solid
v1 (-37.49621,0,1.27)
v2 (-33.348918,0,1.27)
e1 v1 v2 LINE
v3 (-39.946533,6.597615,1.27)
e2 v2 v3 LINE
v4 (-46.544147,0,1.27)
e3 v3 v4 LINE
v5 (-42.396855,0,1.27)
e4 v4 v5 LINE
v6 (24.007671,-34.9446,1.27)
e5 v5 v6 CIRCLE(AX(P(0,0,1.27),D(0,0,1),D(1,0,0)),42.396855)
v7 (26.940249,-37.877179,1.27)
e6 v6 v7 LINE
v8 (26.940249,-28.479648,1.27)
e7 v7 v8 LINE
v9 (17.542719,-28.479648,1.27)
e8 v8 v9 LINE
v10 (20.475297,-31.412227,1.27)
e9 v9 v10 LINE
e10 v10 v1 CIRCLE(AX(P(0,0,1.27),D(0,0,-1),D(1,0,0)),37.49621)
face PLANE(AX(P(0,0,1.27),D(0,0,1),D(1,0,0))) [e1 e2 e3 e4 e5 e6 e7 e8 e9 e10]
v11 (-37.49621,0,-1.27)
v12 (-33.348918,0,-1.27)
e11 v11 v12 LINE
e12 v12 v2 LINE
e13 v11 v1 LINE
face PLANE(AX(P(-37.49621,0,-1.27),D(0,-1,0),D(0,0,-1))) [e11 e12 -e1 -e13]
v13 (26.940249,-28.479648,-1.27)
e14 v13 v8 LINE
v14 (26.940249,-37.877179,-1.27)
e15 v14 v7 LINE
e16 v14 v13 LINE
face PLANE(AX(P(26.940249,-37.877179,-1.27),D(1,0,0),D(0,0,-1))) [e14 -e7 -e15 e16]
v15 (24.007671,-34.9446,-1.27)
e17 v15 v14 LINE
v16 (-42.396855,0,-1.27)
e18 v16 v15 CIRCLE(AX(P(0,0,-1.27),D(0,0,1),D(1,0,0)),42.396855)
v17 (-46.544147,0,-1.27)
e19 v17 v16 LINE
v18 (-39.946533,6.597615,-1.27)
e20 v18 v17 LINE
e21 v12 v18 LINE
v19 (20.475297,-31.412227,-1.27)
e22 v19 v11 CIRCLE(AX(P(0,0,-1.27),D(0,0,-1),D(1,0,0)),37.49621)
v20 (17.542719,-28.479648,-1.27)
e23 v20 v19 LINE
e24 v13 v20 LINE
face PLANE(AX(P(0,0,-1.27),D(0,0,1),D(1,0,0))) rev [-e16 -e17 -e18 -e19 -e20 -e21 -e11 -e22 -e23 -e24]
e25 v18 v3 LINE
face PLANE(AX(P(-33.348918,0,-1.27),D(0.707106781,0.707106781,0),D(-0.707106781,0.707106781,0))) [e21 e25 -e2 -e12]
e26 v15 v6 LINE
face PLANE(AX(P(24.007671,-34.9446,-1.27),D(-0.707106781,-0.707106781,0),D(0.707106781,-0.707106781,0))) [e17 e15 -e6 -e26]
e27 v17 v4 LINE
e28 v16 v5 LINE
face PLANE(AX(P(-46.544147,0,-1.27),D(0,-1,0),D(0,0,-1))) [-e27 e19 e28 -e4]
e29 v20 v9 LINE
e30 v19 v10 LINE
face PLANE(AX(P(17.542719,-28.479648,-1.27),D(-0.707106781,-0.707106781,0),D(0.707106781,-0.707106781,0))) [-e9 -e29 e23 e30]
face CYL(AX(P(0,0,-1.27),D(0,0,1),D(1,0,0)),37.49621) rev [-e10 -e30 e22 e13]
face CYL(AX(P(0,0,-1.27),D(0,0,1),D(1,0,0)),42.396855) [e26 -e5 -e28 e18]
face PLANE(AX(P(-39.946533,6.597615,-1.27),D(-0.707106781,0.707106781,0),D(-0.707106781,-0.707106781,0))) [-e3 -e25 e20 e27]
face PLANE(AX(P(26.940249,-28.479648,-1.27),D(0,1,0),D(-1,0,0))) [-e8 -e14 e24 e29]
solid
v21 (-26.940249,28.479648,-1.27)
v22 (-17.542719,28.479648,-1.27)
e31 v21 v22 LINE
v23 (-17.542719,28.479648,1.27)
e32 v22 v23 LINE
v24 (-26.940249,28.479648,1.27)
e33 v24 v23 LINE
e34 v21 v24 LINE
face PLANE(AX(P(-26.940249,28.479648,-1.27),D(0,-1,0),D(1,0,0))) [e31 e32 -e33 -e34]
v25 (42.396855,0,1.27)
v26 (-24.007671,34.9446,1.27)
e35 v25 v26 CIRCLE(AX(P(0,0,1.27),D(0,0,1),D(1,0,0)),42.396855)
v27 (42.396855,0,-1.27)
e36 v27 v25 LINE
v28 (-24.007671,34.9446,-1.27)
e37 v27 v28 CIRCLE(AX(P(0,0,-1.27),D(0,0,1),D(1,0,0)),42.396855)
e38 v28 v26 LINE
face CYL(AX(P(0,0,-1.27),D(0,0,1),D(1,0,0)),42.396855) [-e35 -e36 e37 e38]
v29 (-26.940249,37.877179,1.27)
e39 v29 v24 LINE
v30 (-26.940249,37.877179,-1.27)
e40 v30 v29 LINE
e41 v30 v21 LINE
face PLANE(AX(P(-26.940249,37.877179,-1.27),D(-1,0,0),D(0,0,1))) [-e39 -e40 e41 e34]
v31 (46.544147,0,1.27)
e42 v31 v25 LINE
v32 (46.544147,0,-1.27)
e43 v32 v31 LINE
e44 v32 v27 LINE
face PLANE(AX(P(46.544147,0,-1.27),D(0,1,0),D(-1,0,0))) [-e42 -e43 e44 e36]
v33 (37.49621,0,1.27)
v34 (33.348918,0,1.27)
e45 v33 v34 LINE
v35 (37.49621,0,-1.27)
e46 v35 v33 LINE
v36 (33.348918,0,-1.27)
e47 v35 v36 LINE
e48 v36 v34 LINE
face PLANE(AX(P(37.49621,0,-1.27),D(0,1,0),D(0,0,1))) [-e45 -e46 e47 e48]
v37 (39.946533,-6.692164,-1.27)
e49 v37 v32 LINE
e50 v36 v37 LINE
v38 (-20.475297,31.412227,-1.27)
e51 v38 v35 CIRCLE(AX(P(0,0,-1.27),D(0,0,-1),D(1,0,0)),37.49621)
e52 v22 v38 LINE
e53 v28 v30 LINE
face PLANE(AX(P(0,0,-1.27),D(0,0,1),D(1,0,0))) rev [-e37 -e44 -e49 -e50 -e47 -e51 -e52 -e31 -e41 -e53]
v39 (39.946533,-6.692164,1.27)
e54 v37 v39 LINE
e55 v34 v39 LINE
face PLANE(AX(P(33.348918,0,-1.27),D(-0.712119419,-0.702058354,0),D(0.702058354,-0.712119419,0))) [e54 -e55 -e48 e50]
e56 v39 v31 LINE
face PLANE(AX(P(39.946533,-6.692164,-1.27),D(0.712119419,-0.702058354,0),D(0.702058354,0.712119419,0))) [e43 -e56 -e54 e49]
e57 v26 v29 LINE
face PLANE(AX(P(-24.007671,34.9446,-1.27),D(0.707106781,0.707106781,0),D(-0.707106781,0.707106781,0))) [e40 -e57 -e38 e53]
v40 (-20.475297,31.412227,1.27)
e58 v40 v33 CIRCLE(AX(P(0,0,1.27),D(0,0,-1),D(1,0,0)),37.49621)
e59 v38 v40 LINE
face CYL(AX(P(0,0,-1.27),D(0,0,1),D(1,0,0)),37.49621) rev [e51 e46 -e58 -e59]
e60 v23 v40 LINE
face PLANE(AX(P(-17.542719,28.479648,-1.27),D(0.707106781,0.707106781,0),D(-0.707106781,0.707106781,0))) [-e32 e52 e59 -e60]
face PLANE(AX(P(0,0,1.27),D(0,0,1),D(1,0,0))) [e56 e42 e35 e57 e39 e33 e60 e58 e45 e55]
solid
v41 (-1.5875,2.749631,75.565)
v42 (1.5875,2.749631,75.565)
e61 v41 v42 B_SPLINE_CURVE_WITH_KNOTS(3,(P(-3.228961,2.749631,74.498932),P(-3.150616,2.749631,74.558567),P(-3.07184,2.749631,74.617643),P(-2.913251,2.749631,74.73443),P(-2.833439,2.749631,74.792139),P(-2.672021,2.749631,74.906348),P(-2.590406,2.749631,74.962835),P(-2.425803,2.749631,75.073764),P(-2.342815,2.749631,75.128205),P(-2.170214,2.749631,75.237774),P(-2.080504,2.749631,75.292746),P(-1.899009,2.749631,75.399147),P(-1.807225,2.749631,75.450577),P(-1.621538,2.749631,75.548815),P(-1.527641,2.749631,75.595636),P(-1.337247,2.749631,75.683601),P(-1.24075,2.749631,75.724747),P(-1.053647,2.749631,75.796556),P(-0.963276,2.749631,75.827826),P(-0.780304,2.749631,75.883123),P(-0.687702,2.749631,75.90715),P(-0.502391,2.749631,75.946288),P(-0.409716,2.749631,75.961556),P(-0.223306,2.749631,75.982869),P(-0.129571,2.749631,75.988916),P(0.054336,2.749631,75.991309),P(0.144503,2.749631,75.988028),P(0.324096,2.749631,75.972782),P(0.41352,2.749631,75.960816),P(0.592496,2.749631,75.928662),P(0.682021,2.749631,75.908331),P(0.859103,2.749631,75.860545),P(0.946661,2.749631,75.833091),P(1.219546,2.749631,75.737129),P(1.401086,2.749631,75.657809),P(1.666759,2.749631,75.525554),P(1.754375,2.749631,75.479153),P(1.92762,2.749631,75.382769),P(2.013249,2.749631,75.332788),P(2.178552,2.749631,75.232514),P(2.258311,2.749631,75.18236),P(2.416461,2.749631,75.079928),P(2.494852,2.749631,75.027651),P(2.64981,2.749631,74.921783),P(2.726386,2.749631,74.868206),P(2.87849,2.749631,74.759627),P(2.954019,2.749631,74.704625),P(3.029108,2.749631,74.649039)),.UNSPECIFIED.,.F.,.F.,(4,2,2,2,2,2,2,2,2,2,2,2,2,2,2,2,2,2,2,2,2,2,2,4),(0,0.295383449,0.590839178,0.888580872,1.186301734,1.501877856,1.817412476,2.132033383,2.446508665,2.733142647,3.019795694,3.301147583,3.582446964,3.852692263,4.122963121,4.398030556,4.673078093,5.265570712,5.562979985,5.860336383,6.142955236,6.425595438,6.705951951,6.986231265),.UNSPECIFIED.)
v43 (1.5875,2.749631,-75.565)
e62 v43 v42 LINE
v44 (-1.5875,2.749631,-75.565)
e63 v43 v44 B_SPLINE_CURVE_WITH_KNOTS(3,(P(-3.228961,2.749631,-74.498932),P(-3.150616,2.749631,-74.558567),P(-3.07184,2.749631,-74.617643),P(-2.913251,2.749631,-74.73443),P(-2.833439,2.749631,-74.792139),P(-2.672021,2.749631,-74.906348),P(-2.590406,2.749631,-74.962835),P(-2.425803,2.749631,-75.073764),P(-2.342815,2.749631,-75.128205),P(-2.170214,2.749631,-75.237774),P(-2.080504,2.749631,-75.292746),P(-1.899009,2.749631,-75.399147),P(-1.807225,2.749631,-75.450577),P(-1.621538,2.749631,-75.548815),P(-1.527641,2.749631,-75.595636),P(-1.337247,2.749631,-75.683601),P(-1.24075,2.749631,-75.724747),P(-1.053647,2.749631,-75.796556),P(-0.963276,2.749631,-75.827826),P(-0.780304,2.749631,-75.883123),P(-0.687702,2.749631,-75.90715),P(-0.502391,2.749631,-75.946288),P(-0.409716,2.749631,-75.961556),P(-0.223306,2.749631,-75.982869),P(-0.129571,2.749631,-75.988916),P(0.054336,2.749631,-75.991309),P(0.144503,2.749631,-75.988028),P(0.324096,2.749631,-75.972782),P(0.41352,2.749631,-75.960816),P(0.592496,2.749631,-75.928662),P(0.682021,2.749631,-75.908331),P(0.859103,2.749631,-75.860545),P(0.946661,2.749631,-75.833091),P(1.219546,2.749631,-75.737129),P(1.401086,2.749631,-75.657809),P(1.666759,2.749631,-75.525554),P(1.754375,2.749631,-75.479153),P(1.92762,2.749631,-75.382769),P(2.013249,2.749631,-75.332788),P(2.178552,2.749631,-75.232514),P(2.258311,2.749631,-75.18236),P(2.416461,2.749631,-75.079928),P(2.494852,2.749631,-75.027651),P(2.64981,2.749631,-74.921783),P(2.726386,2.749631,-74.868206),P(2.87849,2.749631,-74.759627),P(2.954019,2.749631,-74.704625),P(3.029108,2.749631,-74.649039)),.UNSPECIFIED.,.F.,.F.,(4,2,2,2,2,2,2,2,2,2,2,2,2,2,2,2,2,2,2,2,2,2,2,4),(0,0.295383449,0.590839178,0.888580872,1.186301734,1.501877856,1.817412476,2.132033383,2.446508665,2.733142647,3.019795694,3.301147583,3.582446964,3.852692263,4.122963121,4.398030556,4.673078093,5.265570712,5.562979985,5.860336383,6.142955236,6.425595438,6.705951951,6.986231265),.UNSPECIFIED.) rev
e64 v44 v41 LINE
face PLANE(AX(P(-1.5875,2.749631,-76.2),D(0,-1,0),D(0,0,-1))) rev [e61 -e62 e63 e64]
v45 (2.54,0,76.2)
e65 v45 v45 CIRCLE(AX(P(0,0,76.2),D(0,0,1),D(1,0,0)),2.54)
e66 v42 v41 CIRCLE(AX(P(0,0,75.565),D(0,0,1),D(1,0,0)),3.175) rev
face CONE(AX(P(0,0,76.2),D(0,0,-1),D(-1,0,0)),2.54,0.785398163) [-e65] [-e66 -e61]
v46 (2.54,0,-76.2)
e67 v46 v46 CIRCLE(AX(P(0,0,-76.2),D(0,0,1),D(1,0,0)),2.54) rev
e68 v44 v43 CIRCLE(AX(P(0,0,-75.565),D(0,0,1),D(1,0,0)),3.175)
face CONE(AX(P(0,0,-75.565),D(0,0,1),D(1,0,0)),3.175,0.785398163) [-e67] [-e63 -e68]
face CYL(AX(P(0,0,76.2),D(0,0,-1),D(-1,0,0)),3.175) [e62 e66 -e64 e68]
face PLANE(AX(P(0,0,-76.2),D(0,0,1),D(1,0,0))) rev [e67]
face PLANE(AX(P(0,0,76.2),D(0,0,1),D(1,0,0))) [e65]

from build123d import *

# Parameters (mm, degrees)
SKETCH1_R                  = 3.175
EXTRUDE1_DEPTH             = 76.2
CHAMFER1_SIZE              = 0.635
EXTRUDE7_DEPTH             = 77.332177029
EXTRUDE7_DEPTH_BACK        = 77.332177029
BOSS_EXTRUDE1_DEPTH        = 1.27
BOSS_EXTRUDE1_DEPTH_BACK   = 1.27
BOSS_EXTRUDE1_2_DEPTH      = 1.27
BOSS_EXTRUDE1_2_DEPTH_BACK = 1.27


with BuildPart() as part:
    # Sketch1 → Extrude1 (new, symmetric)
    with BuildSketch(Plane.XY):
        Circle(SKETCH1_R)
    extrude(amount=EXTRUDE1_DEPTH, both=True)

    # Chamfer1
    chamfer1_edges = [part.edges().sort_by_distance(p)[0] for p in [
        (-3.175, 0, -76.2),
        (-3.175, 0, 76.2),
    ]]
    chamfer(chamfer1_edges, length=CHAMFER1_SIZE)

    # Sketch13 → Extrude7 (cut, two sides: drawn at the far end of the back side and taken through both)
    with BuildSketch(Plane.XY.offset(-EXTRUDE7_DEPTH_BACK)):
        with BuildLine():
            Line((-1.5875, 2.749630657), (1.5875, 2.749630657))
            ThreePointArc((1.5875, 2.749630657), (0, 3.175), (-1.5875, 2.749630657))
        make_face()
    extrude(amount=EXTRUDE7_DEPTH + EXTRUDE7_DEPTH_BACK, mode=Mode.SUBTRACT)


with BuildPart() as body_2:
    # Sketch16 → Boss-Extrude1 (new, two sides: drawn at the far end of the back side and taken through both)
    with BuildSketch(Plane.XY.offset(-BOSS_EXTRUDE1_DEPTH_BACK)):
        with BuildLine():
            Line((-17.542718978, 28.479648421), (-20.475297312, 31.412226755))
            ThreePointArc((-20.475297312, 31.412226755), (17.863646534, 32.967497968), (37.496210339, 0))
            Line((37.496210339, 0), (33.348918286, 0))
            Line((33.348918286, 0), (39.946532873, -6.692163745))
            Line((39.946532873, -6.692163745), (46.54414746, 0))
            Line((46.54414746, 0), (42.396855407, 0))
            ThreePointArc((42.396855407, 0), (19.743905376, 37.518949197), (-24.007670842, 34.944600285))
            Line((-24.007670842, 34.944600285), (-26.940249176, 37.877178619))
            Line((-26.940249176, 37.877178619), (-26.940249176, 28.479648421))
            Line((-26.940249176, 28.479648421), (-17.542718978, 28.479648421))
        make_face()
    extrude(amount=BOSS_EXTRUDE1_DEPTH + BOSS_EXTRUDE1_DEPTH_BACK)


with BuildPart() as body_3:
    # Sketch16 → Boss-Extrude1 2 (new, two sides: drawn at the far end of the back side and taken through both)
    with BuildSketch(Plane.XY.offset(-BOSS_EXTRUDE1_2_DEPTH_BACK)):
        with BuildLine():
            Line((17.542718978, -28.479648421), (20.475297312, -31.412226755))
            ThreePointArc((20.475297312, -31.412226755), (-17.863646534, -32.967497968), (-37.496210339, 0))
            Line((-37.496210339, 0), (-33.348918286, 0))
            Line((-33.348918286, 0), (-39.946532873, 6.597614587))
            Line((-39.946532873, 6.597614587), (-46.54414746, 0))
            Line((-46.54414746, 0), (-42.396855407, 0))
            ThreePointArc((-42.396855407, 0), (-19.743905376, -37.518949197), (24.007670842, -34.944600285))
            Line((24.007670842, -34.944600285), (26.940249176, -37.877178619))
            Line((26.940249176, -37.877178619), (26.940249176, -28.479648421))
            Line((26.940249176, -28.479648421), (17.542718978, -28.479648421))
        make_face()
    extrude(amount=BOSS_EXTRUDE1_2_DEPTH + BOSS_EXTRUDE1_2_DEPTH_BACK)


solid = Compound([part.part, body_2.part, body_3.part])
